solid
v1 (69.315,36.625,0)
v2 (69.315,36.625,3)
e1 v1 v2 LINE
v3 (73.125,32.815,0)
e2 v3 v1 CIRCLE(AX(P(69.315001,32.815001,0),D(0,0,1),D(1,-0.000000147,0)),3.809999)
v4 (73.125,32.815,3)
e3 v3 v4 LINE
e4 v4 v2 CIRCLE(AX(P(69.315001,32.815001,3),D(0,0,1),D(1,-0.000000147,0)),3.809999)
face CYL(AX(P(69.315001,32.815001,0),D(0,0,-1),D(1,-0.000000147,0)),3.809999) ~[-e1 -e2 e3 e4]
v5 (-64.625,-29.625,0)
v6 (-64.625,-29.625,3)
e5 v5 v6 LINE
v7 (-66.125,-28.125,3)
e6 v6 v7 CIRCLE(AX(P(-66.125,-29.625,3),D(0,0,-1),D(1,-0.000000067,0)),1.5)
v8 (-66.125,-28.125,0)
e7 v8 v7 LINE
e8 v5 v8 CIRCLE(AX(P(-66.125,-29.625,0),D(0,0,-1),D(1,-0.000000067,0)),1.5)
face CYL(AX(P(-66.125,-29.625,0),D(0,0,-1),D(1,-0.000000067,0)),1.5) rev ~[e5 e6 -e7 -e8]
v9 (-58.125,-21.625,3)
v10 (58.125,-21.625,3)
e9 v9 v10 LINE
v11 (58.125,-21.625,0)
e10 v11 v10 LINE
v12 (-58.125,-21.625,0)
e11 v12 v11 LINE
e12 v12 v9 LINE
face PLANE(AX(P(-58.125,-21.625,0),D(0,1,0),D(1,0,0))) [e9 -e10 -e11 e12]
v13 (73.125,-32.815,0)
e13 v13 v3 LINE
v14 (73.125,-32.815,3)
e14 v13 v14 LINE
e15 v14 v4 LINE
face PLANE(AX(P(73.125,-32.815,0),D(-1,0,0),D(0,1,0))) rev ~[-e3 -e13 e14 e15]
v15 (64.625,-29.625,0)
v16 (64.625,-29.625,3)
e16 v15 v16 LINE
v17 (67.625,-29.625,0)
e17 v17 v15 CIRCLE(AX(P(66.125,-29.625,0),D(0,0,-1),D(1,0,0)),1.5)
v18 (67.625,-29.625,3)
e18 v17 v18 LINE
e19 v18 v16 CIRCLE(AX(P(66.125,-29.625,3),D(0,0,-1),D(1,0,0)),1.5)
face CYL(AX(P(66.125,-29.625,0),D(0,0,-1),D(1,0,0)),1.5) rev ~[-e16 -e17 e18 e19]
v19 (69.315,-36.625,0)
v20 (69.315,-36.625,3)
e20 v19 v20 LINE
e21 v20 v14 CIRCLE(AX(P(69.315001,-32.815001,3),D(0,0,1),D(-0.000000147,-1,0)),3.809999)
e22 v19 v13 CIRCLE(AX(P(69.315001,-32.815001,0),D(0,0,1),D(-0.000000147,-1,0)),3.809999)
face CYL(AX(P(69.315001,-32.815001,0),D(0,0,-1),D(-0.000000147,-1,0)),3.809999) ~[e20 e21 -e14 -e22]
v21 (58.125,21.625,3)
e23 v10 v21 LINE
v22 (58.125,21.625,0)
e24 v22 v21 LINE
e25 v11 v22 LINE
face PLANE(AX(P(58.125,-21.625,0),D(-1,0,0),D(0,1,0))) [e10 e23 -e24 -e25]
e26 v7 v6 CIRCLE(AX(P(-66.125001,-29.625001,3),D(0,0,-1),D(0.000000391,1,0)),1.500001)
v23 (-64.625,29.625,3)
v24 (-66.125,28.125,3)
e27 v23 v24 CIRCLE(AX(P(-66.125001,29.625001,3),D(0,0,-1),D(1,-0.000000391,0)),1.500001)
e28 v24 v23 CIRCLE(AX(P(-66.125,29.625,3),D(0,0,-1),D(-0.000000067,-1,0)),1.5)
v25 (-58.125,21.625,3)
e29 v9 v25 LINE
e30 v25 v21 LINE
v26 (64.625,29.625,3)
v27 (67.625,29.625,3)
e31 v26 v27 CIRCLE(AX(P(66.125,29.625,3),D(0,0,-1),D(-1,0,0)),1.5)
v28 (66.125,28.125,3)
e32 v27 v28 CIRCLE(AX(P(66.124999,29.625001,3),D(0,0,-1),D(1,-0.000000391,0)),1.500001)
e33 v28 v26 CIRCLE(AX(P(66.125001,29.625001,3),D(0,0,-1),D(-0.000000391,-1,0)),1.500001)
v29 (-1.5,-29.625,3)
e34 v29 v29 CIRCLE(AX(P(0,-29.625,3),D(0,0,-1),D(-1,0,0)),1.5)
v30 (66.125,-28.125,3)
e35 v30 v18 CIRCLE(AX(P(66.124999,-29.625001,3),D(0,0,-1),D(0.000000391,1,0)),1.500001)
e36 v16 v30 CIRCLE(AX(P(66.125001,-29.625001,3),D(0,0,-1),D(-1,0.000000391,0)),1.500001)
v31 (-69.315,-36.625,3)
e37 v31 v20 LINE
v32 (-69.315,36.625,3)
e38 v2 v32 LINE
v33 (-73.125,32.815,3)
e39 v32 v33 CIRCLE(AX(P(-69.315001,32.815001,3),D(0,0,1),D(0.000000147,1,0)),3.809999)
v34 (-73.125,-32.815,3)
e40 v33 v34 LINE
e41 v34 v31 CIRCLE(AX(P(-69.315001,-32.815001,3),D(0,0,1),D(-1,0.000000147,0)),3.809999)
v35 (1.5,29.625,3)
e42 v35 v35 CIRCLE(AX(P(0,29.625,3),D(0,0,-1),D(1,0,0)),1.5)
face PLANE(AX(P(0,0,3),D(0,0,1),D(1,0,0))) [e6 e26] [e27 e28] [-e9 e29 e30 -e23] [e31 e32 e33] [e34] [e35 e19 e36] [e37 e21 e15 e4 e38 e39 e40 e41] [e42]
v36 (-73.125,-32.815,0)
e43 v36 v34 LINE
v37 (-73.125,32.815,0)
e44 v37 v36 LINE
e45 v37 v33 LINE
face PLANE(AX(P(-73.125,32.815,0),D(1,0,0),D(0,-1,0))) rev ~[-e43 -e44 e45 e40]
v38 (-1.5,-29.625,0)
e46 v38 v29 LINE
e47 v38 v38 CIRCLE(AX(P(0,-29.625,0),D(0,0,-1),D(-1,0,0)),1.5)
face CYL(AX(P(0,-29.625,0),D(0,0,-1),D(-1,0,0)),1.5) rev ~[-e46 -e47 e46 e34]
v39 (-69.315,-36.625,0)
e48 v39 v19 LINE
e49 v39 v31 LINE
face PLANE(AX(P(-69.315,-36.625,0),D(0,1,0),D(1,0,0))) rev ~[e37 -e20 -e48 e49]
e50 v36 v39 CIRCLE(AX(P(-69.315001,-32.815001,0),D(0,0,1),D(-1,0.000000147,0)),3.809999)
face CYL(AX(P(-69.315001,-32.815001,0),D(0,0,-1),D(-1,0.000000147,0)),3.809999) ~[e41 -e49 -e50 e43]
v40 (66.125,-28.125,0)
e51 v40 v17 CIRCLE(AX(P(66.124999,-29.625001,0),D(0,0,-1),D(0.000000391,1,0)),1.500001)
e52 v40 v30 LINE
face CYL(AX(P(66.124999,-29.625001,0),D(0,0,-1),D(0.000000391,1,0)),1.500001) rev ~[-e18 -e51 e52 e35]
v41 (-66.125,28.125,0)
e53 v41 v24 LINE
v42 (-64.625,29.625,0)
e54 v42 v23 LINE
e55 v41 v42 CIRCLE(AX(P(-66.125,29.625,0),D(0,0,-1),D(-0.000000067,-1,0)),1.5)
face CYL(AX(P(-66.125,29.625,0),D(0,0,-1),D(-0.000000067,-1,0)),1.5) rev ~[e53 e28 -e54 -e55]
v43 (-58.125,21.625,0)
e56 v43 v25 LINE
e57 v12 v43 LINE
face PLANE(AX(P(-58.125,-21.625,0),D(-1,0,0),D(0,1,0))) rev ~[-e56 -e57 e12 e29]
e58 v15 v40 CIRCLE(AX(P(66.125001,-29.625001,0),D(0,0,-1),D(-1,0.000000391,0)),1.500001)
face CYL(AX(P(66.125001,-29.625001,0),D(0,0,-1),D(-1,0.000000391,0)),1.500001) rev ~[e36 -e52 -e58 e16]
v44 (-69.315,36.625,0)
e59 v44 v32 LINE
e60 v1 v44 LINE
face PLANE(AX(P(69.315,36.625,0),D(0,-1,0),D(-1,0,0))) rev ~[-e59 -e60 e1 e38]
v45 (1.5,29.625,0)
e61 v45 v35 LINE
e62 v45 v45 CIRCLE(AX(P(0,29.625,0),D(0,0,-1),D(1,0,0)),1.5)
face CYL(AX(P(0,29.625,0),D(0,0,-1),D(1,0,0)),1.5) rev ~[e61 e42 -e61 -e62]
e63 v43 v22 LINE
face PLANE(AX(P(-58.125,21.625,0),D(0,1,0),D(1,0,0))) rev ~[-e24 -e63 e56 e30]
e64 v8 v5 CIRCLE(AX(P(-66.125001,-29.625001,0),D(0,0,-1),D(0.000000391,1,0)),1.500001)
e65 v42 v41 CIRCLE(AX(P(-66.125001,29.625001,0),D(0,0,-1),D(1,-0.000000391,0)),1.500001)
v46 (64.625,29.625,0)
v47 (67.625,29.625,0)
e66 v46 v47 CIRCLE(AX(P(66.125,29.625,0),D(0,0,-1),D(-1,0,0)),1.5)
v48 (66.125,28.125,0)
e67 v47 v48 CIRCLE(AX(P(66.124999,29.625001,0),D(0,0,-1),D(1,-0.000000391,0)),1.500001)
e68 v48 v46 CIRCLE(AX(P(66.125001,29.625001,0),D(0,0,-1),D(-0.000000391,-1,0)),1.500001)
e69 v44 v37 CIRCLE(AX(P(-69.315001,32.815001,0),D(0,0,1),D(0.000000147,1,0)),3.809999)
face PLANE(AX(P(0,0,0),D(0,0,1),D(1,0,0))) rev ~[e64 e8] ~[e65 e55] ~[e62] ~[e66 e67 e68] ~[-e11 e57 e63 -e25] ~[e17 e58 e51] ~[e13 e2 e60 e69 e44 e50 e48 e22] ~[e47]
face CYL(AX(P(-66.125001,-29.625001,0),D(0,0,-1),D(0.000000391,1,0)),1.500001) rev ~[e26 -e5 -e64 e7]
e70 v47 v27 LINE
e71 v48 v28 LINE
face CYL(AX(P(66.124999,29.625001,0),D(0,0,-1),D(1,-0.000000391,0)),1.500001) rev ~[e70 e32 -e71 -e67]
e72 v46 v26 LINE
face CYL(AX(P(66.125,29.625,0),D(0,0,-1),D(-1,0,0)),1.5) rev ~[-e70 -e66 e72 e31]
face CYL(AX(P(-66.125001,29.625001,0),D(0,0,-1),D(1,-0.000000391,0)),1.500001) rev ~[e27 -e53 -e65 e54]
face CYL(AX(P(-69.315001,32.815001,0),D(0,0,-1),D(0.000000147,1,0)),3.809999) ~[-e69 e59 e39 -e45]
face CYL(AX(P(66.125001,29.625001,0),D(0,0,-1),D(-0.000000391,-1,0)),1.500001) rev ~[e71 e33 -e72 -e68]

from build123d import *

# Parameters (mm, degrees)
F0_W     = 116.25
F0_H     = 43.25
F1_DEPTH = 3


with BuildPart() as f1:
    # F0 (on Top) → F1 (new body)
    with BuildSketch(Plane.XY):
        with BuildLine():
            Line((69.315, 36.625), (-69.315, 36.625))
            ThreePointArc((-69.315, 36.625), (-72.009077, 35.509077), (-73.125, 32.815))
            Line((-73.125, 32.815), (-73.125, -32.815))
            ThreePointArc((-73.125, -32.815), (-72.009077, -35.509077), (-69.315, -36.625))
            Line((-69.315, -36.625), (69.315, -36.625))
            ThreePointArc((69.315, -36.625), (72.009077, -35.509077), (73.125, -32.815))
            Line((73.125, -32.815), (73.125, 32.815))
            ThreePointArc((73.125, 32.815), (72.009077, 35.509077), (69.315, 36.625))
        make_face()
        with BuildLine():
            ThreePointArc((-66.125, 28.125), (-67.18566, 30.68566), (-64.625, 29.625))
            Line((-64.625, 29.625), (-1.5, 29.625))
            ThreePointArc((-1.5, 29.625), (0, 31.125), (1.5, 29.625))
            Line((1.5, 29.625), (64.625, 29.625))
            ThreePointArc((64.625, 29.625), (66.125, 31.125), (67.625, 29.625))
            ThreePointArc((67.625, 29.625), (67.18566, 28.56434), (66.125, 28.125))
            Line((66.125, 28.125), (66.125, -28.125))
            ThreePointArc((66.125, -28.125), (67.18566, -28.56434), (67.625, -29.625))
            ThreePointArc((67.625, -29.625), (66.125, -31.125), (64.625, -29.625))
            Line((64.625, -29.625), (1.5, -29.625))
            ThreePointArc((1.5, -29.625), (0, -31.125), (-1.5, -29.625))
            Line((-1.5, -29.625), (-64.625, -29.625))
            ThreePointArc((-64.625, -29.625), (-67.18566, -30.68566), (-66.125, -28.125))
            Line((-66.125, -28.125), (-66.125, 28.125))
        make_face(mode=Mode.SUBTRACT)
        with BuildLine():
            Line((-1.5, 29.625), (-64.625, 29.625))
            ThreePointArc((-64.625, 29.625), (-65.06434, 28.56434), (-66.125, 28.125))
            Line((-66.125, 28.125), (-66.125, -28.125))
            ThreePointArc((-66.125, -28.125), (-65.06434, -28.56434), (-64.625, -29.625))
            Line((-64.625, -29.625), (-1.5, -29.625))
            ThreePointArc((-1.5, -29.625), (0, -28.125), (1.5, -29.625))
            Line((1.5, -29.625), (64.625, -29.625))
            ThreePointArc((64.625, -29.625), (65.06434, -28.56434), (66.125, -28.125))
            Line((66.125, -28.125), (66.125, 28.125))
            ThreePointArc((66.125, 28.125), (65.06434, 28.56434), (64.625, 29.625))
            Line((64.625, 29.625), (1.5, 29.625))
            ThreePointArc((1.5, 29.625), (0, 28.125), (-1.5, 29.625))
        make_face()
        Rectangle(F0_W, F0_H, mode=Mode.SUBTRACT)
    extrude(amount=F1_DEPTH)


solid = f1.part
